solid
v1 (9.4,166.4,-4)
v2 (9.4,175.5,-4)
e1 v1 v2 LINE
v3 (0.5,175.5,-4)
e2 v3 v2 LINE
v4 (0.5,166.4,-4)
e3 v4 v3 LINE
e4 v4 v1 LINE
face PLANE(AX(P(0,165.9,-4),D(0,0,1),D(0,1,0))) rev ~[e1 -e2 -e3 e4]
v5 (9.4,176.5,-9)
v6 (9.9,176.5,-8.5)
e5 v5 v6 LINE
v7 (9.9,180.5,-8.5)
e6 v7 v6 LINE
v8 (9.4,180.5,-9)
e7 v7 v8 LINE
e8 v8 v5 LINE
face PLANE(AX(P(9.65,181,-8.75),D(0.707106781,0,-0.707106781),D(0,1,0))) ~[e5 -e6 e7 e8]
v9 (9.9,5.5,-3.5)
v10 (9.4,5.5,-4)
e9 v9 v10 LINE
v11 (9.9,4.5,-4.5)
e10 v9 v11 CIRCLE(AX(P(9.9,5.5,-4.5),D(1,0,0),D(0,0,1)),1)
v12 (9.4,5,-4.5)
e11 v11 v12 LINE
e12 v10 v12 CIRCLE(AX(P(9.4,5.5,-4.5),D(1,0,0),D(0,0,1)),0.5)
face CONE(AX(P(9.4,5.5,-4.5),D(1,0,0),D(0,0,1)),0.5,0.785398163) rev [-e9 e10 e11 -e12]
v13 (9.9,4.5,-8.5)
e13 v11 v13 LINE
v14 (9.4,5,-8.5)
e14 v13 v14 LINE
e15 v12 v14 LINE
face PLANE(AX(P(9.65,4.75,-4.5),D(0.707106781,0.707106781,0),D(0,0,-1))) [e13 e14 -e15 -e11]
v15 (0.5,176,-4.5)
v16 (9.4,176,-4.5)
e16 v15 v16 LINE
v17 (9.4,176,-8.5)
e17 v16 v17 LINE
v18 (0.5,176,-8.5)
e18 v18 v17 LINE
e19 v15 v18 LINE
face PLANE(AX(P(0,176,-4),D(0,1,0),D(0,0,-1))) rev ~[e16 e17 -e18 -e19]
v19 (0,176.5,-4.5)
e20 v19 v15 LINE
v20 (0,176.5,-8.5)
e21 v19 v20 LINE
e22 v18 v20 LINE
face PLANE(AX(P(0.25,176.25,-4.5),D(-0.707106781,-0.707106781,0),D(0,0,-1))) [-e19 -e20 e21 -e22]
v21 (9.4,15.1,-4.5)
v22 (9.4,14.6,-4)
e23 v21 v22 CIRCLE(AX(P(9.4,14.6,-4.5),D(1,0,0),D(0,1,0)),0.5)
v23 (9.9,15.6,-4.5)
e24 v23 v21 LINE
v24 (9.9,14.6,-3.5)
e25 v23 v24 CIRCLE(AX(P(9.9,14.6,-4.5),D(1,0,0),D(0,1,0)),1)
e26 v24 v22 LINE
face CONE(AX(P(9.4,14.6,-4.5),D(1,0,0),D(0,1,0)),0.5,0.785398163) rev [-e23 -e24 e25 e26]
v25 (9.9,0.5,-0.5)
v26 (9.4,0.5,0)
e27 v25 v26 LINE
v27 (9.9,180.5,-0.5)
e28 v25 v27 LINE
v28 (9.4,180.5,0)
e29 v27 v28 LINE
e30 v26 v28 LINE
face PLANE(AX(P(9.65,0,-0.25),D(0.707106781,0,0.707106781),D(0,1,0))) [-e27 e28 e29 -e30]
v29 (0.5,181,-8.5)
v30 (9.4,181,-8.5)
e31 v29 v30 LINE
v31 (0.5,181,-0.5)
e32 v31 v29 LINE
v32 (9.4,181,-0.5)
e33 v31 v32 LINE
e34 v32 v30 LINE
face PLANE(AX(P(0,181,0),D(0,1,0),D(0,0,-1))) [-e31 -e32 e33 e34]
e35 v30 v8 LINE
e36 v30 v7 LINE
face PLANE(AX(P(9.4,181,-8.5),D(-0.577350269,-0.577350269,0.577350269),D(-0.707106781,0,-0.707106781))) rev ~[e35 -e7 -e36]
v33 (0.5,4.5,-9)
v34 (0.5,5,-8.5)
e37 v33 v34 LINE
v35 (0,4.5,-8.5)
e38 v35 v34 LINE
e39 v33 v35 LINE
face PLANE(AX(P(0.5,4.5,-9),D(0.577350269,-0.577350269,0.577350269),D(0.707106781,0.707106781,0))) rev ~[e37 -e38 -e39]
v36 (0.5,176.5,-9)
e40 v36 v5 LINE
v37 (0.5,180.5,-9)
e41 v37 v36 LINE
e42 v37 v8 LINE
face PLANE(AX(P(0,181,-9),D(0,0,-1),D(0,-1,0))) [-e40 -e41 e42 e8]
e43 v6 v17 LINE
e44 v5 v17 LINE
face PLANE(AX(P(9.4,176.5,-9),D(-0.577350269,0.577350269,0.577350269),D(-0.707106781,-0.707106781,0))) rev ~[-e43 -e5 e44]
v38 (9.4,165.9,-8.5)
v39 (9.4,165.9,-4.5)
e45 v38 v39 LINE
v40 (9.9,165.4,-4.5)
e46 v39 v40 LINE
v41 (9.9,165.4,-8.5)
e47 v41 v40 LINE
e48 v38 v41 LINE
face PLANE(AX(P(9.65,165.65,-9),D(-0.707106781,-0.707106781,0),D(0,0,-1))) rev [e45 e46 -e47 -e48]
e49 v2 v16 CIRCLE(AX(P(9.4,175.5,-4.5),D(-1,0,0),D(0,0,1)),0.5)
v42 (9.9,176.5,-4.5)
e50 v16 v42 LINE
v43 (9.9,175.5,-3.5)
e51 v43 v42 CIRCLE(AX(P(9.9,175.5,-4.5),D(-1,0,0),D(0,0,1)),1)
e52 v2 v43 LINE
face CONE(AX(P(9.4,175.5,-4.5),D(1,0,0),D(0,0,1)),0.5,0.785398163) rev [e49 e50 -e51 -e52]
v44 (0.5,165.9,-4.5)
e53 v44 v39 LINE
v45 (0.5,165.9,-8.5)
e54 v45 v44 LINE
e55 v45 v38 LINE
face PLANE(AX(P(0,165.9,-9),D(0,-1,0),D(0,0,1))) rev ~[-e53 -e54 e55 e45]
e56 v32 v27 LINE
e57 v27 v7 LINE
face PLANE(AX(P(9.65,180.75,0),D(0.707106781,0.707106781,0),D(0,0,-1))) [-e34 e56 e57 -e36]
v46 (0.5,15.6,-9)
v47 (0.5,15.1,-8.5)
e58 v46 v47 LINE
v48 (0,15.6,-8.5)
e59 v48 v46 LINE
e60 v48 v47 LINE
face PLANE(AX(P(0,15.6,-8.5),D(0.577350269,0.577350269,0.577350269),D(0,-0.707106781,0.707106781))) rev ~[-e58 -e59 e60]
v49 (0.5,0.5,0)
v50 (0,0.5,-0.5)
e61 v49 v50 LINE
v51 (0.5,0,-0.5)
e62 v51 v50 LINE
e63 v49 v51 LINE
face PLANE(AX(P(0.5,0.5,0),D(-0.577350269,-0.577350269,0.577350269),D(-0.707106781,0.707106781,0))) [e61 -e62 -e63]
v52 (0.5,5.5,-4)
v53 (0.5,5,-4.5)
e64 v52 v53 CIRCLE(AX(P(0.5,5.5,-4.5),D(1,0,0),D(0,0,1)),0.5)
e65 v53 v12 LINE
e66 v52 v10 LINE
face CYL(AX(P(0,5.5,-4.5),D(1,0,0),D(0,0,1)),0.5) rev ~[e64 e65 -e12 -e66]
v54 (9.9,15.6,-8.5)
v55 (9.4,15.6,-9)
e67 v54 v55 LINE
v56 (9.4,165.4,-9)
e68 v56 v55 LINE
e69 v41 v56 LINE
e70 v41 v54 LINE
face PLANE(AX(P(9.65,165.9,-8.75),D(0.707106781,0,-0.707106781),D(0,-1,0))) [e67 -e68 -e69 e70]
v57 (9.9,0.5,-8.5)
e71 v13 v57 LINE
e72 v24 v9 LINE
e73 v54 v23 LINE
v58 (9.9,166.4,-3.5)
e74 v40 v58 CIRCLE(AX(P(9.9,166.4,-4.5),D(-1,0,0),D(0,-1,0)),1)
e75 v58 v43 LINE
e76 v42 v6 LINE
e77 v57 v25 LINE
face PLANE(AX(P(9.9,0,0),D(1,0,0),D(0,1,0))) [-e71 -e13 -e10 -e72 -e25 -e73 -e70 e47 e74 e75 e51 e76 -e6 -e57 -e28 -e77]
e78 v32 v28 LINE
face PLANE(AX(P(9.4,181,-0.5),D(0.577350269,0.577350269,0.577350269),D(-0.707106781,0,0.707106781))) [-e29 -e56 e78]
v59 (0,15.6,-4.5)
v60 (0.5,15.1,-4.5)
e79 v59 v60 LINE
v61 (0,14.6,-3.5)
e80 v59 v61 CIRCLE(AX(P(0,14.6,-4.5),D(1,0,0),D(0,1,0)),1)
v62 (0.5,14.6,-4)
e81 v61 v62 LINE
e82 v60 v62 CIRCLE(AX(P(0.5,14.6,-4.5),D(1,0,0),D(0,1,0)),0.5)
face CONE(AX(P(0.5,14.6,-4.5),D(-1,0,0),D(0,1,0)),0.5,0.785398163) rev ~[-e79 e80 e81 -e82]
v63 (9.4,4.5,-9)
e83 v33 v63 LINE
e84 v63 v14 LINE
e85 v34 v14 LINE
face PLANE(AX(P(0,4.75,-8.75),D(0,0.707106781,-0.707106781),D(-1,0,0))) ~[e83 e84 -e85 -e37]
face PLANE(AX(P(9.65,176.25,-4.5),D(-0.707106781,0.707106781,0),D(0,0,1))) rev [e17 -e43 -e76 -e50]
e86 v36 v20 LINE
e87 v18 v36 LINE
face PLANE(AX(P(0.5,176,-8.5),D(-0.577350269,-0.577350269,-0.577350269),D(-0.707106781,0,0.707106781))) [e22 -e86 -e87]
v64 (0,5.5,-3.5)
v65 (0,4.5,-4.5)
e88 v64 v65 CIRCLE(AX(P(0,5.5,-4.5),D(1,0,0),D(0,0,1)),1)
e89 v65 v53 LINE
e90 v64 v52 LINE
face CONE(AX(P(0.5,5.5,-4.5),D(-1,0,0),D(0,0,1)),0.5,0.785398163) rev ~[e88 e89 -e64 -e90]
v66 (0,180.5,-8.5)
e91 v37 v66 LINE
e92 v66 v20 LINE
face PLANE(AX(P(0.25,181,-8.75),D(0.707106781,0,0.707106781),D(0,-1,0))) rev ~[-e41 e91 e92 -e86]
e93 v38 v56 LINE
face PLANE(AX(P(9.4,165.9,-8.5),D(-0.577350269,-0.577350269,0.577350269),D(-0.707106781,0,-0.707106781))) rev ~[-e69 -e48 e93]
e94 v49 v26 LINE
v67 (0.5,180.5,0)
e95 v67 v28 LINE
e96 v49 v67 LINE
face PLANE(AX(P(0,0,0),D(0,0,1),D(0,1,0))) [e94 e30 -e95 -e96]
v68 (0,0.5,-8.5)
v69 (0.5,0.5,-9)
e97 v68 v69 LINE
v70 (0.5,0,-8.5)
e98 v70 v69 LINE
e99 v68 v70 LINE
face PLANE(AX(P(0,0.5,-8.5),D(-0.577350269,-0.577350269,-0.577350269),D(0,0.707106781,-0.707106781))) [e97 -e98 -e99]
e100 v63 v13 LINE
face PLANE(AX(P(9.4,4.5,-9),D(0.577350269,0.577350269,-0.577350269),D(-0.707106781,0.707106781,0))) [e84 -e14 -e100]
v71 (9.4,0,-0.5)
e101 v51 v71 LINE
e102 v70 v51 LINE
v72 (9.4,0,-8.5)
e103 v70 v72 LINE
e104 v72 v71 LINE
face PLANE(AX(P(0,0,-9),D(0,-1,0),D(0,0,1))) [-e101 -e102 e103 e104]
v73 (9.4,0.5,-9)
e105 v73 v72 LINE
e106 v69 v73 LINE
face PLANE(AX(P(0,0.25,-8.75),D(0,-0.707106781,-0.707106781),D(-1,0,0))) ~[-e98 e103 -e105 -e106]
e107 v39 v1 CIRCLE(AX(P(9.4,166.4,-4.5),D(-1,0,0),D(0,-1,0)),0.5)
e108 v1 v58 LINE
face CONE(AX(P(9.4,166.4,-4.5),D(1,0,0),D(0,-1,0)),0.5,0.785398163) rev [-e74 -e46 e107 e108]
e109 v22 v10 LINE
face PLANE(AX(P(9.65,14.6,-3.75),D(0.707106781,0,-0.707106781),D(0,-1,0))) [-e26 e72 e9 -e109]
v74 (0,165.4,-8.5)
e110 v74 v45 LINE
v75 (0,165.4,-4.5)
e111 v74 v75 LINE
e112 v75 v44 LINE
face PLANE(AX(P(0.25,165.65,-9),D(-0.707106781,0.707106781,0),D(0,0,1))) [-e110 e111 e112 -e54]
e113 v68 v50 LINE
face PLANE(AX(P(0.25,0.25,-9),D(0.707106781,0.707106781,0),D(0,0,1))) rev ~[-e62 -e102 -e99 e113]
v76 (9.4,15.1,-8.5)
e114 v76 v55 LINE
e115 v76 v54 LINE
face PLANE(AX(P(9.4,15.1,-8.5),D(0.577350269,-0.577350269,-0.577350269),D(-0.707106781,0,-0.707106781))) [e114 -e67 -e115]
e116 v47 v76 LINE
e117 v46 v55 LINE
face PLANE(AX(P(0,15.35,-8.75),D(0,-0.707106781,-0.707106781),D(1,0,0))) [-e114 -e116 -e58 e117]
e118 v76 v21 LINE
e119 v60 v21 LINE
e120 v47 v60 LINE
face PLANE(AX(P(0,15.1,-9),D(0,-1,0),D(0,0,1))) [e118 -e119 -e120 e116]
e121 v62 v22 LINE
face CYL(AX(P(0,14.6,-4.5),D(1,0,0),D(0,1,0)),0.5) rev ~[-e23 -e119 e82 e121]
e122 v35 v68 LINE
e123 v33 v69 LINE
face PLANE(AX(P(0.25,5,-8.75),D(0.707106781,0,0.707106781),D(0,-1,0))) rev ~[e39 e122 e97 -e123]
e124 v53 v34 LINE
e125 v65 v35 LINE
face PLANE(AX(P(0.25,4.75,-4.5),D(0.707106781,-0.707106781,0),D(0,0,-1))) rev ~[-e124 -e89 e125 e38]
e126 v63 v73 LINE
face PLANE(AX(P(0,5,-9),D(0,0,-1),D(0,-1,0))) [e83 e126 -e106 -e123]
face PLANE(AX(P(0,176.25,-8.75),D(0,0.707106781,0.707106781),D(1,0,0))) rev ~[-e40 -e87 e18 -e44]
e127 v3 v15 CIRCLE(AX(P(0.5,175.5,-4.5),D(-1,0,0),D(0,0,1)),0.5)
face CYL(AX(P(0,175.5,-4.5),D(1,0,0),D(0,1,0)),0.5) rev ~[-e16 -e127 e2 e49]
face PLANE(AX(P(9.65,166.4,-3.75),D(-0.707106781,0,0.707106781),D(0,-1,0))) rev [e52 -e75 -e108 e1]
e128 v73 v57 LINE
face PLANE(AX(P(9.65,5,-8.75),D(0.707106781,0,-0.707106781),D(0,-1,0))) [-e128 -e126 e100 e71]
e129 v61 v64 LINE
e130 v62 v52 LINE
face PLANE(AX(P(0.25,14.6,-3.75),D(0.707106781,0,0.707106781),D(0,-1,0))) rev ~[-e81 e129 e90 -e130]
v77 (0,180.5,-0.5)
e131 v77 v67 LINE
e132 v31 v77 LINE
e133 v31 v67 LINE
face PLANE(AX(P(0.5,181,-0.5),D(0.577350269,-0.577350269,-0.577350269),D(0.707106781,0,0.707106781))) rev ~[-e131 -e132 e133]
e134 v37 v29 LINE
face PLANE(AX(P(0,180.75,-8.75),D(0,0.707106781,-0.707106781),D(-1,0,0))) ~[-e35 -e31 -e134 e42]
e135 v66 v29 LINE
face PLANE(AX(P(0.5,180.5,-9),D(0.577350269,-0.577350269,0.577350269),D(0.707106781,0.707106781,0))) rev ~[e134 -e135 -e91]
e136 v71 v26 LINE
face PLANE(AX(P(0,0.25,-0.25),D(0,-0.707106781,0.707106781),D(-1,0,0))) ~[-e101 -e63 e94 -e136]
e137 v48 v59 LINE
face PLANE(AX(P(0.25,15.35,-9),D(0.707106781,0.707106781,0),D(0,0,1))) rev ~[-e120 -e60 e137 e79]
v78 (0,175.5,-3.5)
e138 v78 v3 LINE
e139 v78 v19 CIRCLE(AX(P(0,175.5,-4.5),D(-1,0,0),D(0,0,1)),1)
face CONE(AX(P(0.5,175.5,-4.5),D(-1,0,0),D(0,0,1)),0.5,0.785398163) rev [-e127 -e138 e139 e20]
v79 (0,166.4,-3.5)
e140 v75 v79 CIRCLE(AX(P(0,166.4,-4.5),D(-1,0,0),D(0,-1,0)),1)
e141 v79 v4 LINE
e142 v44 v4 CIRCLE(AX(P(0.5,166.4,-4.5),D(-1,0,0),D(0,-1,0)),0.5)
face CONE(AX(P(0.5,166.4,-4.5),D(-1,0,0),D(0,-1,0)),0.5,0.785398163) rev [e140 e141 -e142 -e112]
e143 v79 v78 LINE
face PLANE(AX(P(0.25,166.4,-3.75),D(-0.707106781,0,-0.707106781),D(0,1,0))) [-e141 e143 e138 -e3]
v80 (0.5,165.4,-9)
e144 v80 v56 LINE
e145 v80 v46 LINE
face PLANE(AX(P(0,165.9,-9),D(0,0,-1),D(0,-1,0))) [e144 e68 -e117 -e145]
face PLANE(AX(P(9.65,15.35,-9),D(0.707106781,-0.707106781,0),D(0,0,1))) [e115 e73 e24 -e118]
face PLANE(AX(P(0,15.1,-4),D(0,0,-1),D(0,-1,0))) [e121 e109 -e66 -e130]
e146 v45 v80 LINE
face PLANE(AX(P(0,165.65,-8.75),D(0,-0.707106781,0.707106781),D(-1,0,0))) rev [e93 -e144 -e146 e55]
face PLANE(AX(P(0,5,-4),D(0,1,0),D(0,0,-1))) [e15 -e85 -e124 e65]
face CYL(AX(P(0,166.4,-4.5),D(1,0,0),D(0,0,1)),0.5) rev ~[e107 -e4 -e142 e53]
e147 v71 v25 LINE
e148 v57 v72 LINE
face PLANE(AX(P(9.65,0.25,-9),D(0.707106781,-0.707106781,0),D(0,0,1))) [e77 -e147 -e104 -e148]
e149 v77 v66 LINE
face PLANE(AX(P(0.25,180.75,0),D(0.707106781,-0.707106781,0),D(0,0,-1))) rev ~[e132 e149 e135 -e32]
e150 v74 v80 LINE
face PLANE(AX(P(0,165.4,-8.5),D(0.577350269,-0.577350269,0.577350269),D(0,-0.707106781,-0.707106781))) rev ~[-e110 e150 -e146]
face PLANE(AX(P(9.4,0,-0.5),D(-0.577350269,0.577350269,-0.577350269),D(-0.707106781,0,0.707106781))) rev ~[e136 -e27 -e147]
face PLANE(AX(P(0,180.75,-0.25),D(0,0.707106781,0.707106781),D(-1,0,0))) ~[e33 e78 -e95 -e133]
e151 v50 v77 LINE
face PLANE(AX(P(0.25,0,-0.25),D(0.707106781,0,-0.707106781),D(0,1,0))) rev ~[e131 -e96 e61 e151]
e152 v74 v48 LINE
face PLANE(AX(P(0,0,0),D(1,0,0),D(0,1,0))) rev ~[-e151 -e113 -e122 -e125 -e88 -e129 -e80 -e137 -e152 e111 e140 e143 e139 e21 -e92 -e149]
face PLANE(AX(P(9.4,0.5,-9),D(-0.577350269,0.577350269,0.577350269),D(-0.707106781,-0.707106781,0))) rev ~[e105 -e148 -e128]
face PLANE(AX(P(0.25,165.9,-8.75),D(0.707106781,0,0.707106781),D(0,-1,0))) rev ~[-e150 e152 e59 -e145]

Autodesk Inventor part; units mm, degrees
ref_plane "YZ Plane" through (0, 0, 0) normal (1, 0, 0) x (0, 1, 0)
ref_plane "XZ Plane" through (0, 0, 0) normal (0, 1, 0) x (-1, 0, 0)
ref_plane "XY Plane" through (0, 0, 0) normal (0, 0, 1) x (1, 0, 0)
sketch "Sketch1" plane through (0, 0, 0) normal (1, 0, 0) x (0, 1, 0)
  line L0 (0, 0) -> (181, 0)
  line L1 (181, 0) -> (181, -9)
  line L2 (0, -9) -> (0, 0)
  line L3 (15.1, -9) -> (15.1, -4)
  line L4 (15.1, -4) -> (5, -4)
  line L5 (5, -4) -> (5, -9)
  line L6 (165.9, -9) -> (165.9, -4)
  line L7 (165.9, -4) -> (176, -4)
  line L8 (176, -4) -> (176, -9)
  line L9 (5, -9) -> (0, -9)
  line L10 (181, -9) -> (176, -9)
  line L11 (165.9, -9) -> (15.1, -9)
  dimension "d0" = 181
  dimension "d1" = 10.1
  dimension "d3" = 10.1
  dimension "d5" = 5
  dimension "d7" = 5
  dimension "d8" = 5
  dimension "d11" = 9
  dimension "d12" = 171
  dimension "d17" = 9
  dimension "d18" = 9
extrude "Extrusion1" add sketch "Sketch1" along normal blind 9.9
fillet "Fillet1" radius 0.5 4 edges at (4.95, 176, -4) (4.95, 165.9, -4) (4.95, 15.1, -4) (4.95, 5, -4)
chamfer "Chamfer1" distance 0.5 angle 45 40 edges at (9.9, 90.5, 0) (9.9, 90.5, -9) (9.9, 15.1, -6.75) (9.9, 14.9536, -4.1464) (9.9, 10.05, -4) (9.9, 5.1464, -4.1464) (9.9, 5, -6.75) (9.9, 0, -4.5) (9.9, 2.5, -9) (4.95, 0, -9) (0, 0, -4.5) (4.95, 0, 0) (0, 90.5, 0) (9.9, 176, -6.75) (9.9, 175.8536, -4.1464) (9.9, 170.95, -4) (9.9, 166.0464, -4.1464) (9.9, 165.9, -6.75) (9.9, 178.5, -9) (9.9, 181, -4.5) (0, 181, -4.5) (0, 178.5, -9) (4.95, 176, -9) (4.95, 181, -9) (4.95, 181, 0) (4.95, 15.1, -9) (4.95, 165.9, -9) (0, 170.95, -4) (0, 175.8536, -4.1464) (0, 176, -6.75) (0, 166.0464, -4.1464) (0, 165.9, -6.75) (0, 90.5, -9) (0, 15.1, -6.75) (0, 14.9536, -4.1464) (0, 10.05, -4) (0, 5.1464, -4.1464) (0, 5, -6.75) (0, 2.5, -9) (4.95, 5, -9)
equation "\"d5\" = -0.5 * d12 + 0.5 * d0"
equation "\"d17\" = d11"
equation "\"d18\" = d17"
properties part number "LegsStabilizer"
